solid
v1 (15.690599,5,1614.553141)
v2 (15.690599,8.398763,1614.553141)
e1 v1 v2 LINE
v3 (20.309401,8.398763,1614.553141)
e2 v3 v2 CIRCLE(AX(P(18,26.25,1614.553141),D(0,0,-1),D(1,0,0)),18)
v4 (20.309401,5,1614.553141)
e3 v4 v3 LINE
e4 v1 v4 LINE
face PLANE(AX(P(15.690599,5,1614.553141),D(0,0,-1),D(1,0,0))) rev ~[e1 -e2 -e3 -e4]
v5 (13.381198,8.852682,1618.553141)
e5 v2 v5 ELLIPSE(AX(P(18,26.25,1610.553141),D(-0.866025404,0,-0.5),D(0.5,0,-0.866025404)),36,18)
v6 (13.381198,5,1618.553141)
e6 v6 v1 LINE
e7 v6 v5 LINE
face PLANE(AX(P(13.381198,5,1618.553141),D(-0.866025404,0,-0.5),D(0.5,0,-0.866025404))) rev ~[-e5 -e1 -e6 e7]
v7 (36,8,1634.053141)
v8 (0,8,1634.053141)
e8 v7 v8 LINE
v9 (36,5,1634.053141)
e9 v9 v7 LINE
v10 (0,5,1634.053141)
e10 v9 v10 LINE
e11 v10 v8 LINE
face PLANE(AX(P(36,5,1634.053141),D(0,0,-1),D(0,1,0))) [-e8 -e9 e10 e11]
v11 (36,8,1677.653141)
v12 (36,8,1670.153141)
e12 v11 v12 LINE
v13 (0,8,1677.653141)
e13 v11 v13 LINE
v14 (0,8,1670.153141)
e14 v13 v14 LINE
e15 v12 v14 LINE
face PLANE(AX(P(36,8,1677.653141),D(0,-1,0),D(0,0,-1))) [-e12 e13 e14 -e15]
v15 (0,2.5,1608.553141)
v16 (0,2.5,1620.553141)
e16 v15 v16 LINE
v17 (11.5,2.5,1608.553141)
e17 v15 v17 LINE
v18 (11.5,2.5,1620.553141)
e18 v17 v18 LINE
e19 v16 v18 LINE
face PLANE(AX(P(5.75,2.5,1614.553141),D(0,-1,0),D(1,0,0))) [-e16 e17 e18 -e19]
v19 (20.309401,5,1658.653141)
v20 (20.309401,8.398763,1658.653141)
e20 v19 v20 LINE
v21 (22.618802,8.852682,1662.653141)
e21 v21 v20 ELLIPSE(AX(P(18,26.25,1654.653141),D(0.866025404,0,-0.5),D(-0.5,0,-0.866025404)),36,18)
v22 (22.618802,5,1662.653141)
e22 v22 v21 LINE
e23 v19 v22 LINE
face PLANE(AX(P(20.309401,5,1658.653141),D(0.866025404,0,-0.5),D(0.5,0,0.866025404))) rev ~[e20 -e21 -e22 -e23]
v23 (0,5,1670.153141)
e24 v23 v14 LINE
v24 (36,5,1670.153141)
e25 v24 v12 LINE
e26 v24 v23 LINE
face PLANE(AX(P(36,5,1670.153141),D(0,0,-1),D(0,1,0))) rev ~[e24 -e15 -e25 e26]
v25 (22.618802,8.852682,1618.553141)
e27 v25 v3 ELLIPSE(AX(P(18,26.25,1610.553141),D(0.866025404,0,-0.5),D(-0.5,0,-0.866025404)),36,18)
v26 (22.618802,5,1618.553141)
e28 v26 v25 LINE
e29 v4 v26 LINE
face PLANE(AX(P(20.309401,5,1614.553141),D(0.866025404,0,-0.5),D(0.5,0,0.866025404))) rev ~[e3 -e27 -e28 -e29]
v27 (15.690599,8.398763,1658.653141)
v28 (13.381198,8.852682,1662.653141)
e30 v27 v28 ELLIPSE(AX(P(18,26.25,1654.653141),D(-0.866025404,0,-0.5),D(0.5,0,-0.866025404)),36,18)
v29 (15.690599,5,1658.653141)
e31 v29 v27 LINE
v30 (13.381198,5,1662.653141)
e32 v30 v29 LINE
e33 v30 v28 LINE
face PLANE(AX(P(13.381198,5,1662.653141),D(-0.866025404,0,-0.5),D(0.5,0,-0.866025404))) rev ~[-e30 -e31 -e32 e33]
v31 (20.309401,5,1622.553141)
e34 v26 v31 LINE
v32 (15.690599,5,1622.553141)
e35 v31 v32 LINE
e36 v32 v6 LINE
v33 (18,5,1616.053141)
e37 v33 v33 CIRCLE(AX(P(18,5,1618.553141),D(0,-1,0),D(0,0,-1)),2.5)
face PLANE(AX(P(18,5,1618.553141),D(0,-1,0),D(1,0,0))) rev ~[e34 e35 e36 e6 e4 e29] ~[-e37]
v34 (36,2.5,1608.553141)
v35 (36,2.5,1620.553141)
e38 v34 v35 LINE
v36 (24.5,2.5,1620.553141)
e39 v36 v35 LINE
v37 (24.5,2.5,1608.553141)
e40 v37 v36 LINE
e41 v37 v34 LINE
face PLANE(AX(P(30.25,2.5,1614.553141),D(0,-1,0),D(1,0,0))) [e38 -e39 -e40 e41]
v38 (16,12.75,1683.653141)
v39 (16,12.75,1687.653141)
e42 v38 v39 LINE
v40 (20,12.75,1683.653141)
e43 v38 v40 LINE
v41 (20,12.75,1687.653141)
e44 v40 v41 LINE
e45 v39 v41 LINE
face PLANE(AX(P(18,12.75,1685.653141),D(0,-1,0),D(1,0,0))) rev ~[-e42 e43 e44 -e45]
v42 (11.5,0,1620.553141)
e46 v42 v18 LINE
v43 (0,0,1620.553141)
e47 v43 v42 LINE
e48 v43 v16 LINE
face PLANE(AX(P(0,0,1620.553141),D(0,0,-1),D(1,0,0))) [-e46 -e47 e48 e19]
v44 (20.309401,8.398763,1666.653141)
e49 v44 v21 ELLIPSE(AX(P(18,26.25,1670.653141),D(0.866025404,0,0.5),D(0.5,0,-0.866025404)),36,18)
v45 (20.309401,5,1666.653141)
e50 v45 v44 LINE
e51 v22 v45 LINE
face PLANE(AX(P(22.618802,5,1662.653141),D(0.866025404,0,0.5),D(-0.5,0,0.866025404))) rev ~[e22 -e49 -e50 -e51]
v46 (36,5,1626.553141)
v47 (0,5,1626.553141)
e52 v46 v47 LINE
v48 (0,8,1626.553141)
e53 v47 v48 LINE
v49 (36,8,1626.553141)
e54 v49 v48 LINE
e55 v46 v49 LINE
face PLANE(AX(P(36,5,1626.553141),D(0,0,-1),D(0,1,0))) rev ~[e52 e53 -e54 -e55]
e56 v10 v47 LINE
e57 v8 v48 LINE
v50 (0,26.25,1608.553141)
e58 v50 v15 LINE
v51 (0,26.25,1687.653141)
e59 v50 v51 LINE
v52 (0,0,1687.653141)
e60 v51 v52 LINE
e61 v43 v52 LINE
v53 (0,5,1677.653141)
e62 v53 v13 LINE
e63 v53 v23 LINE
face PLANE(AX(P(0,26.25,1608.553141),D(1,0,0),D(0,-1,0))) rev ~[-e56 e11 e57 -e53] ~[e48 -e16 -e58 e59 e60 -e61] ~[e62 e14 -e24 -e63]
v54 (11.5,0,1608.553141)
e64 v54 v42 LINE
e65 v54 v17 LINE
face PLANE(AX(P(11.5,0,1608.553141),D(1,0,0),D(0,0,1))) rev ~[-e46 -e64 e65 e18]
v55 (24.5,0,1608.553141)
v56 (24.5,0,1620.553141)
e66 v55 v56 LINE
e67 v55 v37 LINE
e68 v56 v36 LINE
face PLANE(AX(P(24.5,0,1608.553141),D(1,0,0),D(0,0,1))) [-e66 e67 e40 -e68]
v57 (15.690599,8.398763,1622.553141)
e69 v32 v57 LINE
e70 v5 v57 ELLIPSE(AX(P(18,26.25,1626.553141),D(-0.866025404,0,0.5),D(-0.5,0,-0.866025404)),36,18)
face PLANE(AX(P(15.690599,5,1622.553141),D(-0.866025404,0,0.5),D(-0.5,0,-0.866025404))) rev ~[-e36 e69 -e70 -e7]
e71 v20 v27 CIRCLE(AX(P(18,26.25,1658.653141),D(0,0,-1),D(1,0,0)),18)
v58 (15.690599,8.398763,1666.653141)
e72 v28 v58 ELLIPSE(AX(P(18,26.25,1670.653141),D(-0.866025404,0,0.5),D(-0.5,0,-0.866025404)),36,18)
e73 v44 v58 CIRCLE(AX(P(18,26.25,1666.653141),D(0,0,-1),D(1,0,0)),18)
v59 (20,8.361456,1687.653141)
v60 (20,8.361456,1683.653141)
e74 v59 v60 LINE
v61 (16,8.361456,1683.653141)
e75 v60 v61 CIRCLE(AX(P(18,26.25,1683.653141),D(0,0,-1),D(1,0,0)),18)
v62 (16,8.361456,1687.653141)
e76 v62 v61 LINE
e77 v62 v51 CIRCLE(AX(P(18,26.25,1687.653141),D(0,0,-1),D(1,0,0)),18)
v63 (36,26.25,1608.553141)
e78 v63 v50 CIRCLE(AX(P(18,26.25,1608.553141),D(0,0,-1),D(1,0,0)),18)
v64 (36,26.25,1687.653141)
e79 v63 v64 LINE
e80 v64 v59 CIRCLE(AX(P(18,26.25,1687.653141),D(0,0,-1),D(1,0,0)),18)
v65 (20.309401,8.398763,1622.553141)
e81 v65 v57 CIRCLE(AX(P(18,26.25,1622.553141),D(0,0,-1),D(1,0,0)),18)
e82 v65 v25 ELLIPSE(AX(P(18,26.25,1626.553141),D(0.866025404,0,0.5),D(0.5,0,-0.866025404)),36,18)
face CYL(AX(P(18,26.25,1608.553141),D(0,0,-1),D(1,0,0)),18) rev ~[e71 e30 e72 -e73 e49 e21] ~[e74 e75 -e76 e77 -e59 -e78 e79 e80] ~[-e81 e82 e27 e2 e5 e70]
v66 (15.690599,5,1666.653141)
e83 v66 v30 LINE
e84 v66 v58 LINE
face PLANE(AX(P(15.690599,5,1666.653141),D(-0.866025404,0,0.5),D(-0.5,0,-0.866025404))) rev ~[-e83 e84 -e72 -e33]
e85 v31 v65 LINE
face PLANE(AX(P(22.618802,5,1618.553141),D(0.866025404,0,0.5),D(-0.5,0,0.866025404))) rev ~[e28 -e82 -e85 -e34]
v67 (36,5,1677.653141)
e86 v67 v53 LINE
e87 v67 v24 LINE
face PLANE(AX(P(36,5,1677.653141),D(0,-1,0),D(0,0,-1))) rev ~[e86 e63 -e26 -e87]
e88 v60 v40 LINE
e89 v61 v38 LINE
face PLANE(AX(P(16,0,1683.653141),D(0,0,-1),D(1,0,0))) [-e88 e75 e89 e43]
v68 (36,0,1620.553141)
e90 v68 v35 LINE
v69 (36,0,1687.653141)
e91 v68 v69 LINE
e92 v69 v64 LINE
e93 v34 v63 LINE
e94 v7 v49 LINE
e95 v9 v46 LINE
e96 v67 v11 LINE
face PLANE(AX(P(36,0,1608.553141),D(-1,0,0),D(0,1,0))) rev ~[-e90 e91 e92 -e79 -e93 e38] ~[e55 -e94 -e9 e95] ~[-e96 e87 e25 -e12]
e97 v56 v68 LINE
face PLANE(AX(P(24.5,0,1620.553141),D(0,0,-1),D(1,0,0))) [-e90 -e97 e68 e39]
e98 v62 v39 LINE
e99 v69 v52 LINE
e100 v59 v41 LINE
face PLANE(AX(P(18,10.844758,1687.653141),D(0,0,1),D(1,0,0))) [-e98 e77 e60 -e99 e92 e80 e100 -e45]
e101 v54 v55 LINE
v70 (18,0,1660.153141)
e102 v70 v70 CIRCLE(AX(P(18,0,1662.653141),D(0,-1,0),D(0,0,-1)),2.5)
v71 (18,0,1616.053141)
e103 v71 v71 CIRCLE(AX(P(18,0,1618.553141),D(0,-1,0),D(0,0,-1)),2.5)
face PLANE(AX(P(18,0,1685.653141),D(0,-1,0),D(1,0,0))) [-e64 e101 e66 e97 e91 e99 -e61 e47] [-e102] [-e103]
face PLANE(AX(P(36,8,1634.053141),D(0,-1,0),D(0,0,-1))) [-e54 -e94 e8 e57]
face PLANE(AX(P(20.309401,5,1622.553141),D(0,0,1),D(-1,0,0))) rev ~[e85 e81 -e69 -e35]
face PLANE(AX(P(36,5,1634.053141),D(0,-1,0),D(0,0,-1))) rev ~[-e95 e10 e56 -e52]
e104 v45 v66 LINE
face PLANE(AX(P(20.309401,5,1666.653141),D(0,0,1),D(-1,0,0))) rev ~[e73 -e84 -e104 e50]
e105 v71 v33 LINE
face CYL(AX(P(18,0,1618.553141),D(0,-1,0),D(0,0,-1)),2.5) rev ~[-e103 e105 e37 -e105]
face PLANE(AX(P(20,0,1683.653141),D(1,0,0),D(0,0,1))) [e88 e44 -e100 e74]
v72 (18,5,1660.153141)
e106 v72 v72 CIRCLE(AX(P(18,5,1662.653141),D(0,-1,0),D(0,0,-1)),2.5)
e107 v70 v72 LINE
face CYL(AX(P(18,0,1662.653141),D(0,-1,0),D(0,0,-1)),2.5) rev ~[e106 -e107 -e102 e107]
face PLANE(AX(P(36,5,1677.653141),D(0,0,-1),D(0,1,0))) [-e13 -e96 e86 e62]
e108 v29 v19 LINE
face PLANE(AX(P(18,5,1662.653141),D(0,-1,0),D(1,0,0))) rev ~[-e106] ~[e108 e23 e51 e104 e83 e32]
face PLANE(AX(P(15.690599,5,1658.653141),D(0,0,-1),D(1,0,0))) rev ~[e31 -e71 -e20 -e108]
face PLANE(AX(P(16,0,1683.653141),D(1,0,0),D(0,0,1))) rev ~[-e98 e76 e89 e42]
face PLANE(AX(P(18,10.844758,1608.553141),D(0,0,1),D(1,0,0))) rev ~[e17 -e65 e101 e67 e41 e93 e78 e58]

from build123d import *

# Parameters (mm, degrees)
BOSS_EXTRU_1_DEPTH       = 79.1
ESQUISSE7_W              = 7.5
ESQUISSE7_H              = 3
BOSS_EXTRU_3_DEPTH       = 36
ESQUISSE7_2_W            = 7.5
ESQUISSE7_2_H            = 3
ENL_V_MAT_EXTRU_5_DEPTH  = 36
ESQUISSE9_W              = 4
ESQUISSE9_H              = 4
BOSS_EXTRU_6_DEPTH       = 12.75
ESQUISSE11_R             = 2.5
ENL_V_MAT_EXTRU_6_DEPTH  = 10
ENL_V_START              = -5
ENL_V_MAT_EXTRU_12_DEPTH = 10
ESQUISSE13_W             = 11.5
ESQUISSE13_H             = 12
ENL_V_MAT_EXTRU_13_DEPTH = 2.5


with BuildPart() as part:
    # Esquisse1 → Boss.-Extru.1 (new body)
    with BuildSketch(Plane.XY.offset(1608.553140947)):
        with BuildLine():
            Line((0, 0), (36, 0))
            Line((36, 0), (36, 26.25))
            ThreePointArc((36, 26.25), (18, 8.25), (0, 26.25))
            Line((0, 26.25), (0, 0))
        make_face()
    extrude(amount=BOSS_EXTRU_1_DEPTH)

    # Esquisse7 → Boss.-Extru.3 (add)
    with BuildSketch(Plane(origin=(36, 0, 0), x_dir=(0, 0, -1), z_dir=(1, 0, 0))):
        with Locations((-1673.903140947, 6.5)):
            Rectangle(ESQUISSE7_W, ESQUISSE7_H)
        with Locations((-1630.303140947, 6.5)):
            Rectangle(ESQUISSE7_W, ESQUISSE7_H)
    extrude(amount=-BOSS_EXTRU_3_DEPTH)

    # Esquisse7<2> → Enlèv. mat.-Extru.5 (cut)
    with BuildSketch(Plane(origin=(36, 0, 0), x_dir=(0, 0, -1), z_dir=(1, 0, 0))):
        with Locations((-1673.903140947, 6.5)):
            Rectangle(ESQUISSE7_2_W, ESQUISSE7_2_H)
        with Locations((-1630.303140947, 6.5)):
            Rectangle(ESQUISSE7_2_W, ESQUISSE7_2_H)
    extrude(amount=-ENL_V_MAT_EXTRU_5_DEPTH, mode=Mode.SUBTRACT)

    # Esquisse9 → Boss.-Extru.6 (add)
    with BuildSketch(Plane.XZ):
        with Locations((18, 1685.653140947)):
            Rectangle(ESQUISSE9_W, ESQUISSE9_H)
    extrude(amount=-BOSS_EXTRU_6_DEPTH)

    # Esquisse11 → Enlèv. mat.-Extru.6 (cut)
    with BuildSketch(Plane.XZ):
        with Locations(Location((18, 1662.653140947, 0), (0, 0, 270))):
            Circle(ESQUISSE11_R)
        with Locations(Location((18, 1618.553140947, 0), (0, 0, 270))):
            Circle(ESQUISSE11_R)
    extrude(amount=-ENL_V_MAT_EXTRU_6_DEPTH, mode=Mode.SUBTRACT)

    # Esquisse12 → Enlèv. mat.-Extru.12 (cut)
    with BuildSketch(Plane.XZ.offset(ENL_V_START)):
        Polygon((20.309401077, 1622.553140947), (15.690598923, 1622.553140947), (13.381197846, 1618.553140947), (15.690598923, 1614.553140947), (20.309401077, 1614.553140947), (22.618802154, 1618.553140947), align=None)
        Polygon((20.309401077, 1666.653140947), (15.690598923, 1666.653140947), (13.381197846, 1662.653140947), (15.690598923, 1658.653140947), (20.309401077, 1658.653140947), (22.618802154, 1662.653140947), align=None)
    extrude(amount=-ENL_V_MAT_EXTRU_12_DEPTH, mode=Mode.SUBTRACT)

    # Esquisse13 → Enlèv. mat.-Extru.13 (cut)
    with BuildSketch(Plane.XZ):
        with Locations((30.25, 1614.553140947)):
            Rectangle(ESQUISSE13_W, ESQUISSE13_H)
        with Locations((5.75, 1614.553140947)):
            Rectangle(ESQUISSE13_W, ESQUISSE13_H)
    extrude(amount=-ENL_V_MAT_EXTRU_13_DEPTH, mode=Mode.SUBTRACT)


solid = part.part
